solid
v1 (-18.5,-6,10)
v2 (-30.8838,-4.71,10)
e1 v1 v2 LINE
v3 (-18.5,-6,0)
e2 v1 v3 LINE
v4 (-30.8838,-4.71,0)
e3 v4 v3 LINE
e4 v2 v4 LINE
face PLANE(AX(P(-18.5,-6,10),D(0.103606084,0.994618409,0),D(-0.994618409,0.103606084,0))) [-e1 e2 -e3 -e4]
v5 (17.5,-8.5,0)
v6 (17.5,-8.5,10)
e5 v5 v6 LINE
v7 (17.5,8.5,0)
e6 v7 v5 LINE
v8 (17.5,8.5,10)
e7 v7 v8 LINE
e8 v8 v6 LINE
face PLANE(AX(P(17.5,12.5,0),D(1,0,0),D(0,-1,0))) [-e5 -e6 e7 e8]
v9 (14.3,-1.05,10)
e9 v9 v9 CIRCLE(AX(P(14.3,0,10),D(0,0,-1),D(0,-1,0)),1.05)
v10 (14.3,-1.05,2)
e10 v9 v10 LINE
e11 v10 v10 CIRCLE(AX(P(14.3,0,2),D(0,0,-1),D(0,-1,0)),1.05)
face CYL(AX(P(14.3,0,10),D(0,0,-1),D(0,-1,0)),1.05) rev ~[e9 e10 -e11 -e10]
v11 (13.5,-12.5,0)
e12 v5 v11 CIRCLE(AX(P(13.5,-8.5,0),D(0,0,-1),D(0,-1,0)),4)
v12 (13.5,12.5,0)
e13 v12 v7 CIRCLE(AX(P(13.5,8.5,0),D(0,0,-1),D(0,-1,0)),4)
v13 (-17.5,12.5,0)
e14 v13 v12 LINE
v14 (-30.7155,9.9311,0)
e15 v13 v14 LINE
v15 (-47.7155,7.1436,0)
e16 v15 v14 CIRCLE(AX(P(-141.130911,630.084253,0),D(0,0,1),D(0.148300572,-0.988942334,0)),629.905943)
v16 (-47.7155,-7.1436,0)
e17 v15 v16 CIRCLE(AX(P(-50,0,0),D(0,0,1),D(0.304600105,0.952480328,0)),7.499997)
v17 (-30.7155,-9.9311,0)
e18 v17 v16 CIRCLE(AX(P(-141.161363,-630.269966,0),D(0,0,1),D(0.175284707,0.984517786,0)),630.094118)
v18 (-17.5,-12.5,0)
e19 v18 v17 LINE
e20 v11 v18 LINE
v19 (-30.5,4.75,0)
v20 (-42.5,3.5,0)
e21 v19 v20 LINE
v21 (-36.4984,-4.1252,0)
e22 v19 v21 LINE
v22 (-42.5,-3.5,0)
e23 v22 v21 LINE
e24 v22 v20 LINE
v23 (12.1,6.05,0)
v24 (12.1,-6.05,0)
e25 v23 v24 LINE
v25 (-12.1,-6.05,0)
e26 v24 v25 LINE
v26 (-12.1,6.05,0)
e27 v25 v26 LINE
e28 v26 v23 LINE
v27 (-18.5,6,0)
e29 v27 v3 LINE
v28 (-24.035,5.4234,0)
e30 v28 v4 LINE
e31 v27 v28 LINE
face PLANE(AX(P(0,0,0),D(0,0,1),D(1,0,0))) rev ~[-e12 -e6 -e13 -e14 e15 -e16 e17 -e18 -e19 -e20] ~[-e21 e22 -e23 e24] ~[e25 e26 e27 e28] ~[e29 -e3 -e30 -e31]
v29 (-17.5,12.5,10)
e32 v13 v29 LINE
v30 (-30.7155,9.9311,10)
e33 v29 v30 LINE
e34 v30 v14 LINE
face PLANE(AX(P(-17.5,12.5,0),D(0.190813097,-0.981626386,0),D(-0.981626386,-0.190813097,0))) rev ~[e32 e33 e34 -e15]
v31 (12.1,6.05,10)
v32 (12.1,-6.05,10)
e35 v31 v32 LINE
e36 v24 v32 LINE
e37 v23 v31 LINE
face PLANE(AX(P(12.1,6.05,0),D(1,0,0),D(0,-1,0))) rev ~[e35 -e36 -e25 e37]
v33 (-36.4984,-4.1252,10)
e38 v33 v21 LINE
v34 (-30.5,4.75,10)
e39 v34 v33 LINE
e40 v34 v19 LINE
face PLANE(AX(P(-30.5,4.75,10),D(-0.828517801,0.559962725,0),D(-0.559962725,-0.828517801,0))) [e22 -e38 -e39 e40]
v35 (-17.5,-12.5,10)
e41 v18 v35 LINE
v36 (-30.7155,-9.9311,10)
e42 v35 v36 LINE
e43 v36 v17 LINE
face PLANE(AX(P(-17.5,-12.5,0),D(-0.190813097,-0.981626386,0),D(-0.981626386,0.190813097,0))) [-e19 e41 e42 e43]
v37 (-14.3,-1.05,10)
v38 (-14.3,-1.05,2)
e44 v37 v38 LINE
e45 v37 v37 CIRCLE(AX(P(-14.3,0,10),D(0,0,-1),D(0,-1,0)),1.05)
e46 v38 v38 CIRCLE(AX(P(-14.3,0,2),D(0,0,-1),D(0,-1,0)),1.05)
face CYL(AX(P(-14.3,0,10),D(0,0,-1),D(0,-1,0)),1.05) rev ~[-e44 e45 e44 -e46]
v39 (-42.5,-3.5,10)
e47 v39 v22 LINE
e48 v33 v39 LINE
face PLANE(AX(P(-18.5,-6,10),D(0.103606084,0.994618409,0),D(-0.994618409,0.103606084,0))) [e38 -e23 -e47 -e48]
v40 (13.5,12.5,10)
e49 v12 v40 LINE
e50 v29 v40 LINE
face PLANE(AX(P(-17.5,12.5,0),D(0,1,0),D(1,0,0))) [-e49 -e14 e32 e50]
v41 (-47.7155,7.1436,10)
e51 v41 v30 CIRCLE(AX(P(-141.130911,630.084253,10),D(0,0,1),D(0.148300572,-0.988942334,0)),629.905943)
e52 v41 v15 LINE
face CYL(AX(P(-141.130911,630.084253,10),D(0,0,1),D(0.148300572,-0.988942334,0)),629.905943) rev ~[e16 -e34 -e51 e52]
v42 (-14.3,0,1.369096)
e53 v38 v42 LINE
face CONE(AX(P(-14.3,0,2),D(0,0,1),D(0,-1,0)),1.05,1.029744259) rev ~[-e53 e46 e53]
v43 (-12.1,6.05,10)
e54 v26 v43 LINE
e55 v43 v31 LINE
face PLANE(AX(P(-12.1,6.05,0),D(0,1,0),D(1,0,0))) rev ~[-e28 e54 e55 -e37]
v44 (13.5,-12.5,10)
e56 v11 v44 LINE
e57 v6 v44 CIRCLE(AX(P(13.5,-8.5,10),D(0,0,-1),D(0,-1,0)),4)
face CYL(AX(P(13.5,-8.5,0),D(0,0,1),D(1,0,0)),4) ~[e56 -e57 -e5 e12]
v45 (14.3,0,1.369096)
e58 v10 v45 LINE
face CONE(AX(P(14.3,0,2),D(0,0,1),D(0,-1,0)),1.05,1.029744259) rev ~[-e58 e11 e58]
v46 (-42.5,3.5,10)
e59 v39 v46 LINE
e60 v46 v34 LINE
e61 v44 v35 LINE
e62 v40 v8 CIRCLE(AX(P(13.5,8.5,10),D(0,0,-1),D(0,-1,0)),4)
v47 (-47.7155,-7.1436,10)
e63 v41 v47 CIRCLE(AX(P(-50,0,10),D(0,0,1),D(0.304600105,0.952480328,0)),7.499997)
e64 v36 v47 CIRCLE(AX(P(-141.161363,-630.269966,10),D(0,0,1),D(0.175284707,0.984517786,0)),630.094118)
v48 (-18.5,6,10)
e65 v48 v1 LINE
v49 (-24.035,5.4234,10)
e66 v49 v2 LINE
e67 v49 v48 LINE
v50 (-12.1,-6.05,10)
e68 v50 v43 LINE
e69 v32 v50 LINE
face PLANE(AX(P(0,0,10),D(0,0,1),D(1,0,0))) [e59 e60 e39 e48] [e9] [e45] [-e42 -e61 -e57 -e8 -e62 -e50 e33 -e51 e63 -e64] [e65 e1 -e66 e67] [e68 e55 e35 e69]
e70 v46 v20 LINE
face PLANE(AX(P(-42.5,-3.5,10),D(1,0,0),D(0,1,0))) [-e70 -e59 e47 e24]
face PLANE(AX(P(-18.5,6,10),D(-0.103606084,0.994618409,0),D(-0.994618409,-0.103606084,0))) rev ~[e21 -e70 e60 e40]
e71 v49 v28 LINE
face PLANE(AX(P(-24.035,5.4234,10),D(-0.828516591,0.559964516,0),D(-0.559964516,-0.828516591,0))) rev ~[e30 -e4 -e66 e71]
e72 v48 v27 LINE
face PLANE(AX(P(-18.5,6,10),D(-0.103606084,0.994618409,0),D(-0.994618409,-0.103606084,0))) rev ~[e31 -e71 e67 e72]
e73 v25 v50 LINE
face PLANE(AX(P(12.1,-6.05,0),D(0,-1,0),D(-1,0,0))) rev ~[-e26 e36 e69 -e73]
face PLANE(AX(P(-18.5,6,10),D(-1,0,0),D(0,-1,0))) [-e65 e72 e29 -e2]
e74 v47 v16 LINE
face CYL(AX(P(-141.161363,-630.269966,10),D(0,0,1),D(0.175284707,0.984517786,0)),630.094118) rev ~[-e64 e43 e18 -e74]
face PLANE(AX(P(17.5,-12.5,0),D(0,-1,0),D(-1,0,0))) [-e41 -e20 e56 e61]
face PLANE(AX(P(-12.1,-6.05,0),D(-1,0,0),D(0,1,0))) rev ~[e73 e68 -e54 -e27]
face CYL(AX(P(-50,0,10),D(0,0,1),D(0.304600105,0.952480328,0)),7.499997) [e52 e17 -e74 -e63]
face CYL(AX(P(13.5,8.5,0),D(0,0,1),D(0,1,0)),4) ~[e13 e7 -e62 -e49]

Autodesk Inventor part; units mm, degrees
ref_plane "YZ Plane" through (0, 0, 0) normal (1, 0, 0) x (0, 1, 0)
ref_plane "XZ Plane" through (0, 0, 0) normal (0, 1, 0) x (-1, 0, 0)
ref_plane "XY Plane" through (0, 0, 0) normal (0, 0, 1) x (1, 0, 0)
sketch "Sketch1" plane through (0, 0, 0) normal (0, 0, 1) x (1, 0, 0)
  line L0 (-12.1, 6.05) -> (12.1, 6.05)
  line L1 (12.1, 6.05) -> (12.1, -6.05)
  line L2 (12.1, -6.05) -> (-12.1, -6.05)
  line L3 (-12.1, -6.05) -> (-12.1, 6.05)
  line L4 (-12.1, 6.05) -> (12.1, -6.05) construction
  line L5 (12.1, 6.05) -> (-12.1, -6.05) construction
  line L6 (-17.5, 12.5) -> (17.5, 12.5)
  line L7 (17.5, 12.5) -> (17.5, -12.5)
  line L8 (17.5, -12.5) -> (-17.5, -12.5)
  line L9 (-17.5, 12.5) -> (17.5, -12.5) construction
  line L10 (17.5, 12.5) -> (-17.5, -12.5) construction
  arc A0 (-43.9311, 7.3622) -> (-43.9311, -7.3622) centre (-42.5, 0) ccw
  line L11 (-17.5, 12.5) -> (-43.9311, 7.3622)
  line L12 (-17.5, -12.5) -> (-43.9311, -7.3622)
  point P0 (0, 0)
  point P1 (17.5, 0)
  dimension "d0" = 24.2
  dimension "d1" = 12.1
  dimension "d2" = 35
  dimension "d3" = 25
  dimension "d4" = 15
  dimension "d5" = 60
extrude "Extrusion1" add sketch "Sketch1" along normal blind 10
fillet "Fillet1" radius 4 2 edges at (17.5, 12.5, 5) (17.5, -12.5, 5)
sketch "Sketch2" plane through (0, 0, 10) normal (0, 0, 1) x (1, 0, 0)
  line L0 (12.1, 6.05) -> (12.1, -6.05) projected
  line L1 (-12.1, -6.05) -> (-12.1, 6.05) projected
  point P0 (0, 0)
  point P1 (14.3, 0)
  point P2 (-14.3, 0)
  dimension "d16" = 2.2
  dimension "d17" = 2.2
hole "Hole1" at (14.3, 0, 10) at (-14.3, 0, 10) direction (0, 0, -1) diameter 2.1 depth 8 tip angle 118
sketch "Sketch3" plane through (0, 0, 10) normal (0, 0, 1) x (1, 0, 0)
  line L0 (-18.5, 6) -> (-42.5, 3.5)
  line L1 (-18.5, -6) -> (-42.5, -3.5)
  line L2 (-42.5, -3.5) -> (-42.5, 3.5)
  line L3 (-42.5, 0) -> (-11.6221, -28.1421) construction
  line L4 (-30.5, 4.75) -> (-30.5, -4.75) construction
  arc A0 (-43.9311, 7.3622) -> (-43.9311, -7.3622) centre (-42.5, 0) ccw construction
  line L5 (-12.1, -6.05) -> (-12.1, 6.05) projected
  line L6 (-18.5, 6) -> (-18.5, -6)
  line L7 (-24.035, 5.4234) -> (-30.8838, -4.71)
  line L8 (-30.5, 4.75) -> (-36.4984, -4.1252)
  point P0 (0, 0)
  point P1 (-12.1, 0)
  point P2 (-12.1, 0)
  dimension "d27" = 7
  dimension "d31" = 24
  dimension "d32" = 6.5
  dimension "d33" = 12
  dimension "d34" = 50
  dimension "d35" = 50
extrude "Extrusion2" cut sketch "Sketch3" against normal blind 10
extrude "Extrusion3" add sketch "Sketch3" against normal blind 10 contours L7 L1 L8 L0
sketch "Sketch4" plane through (0, 0, 10) normal (0, 0, 1) x (1, 0, 0)
  arc A0 (-43.9311, 7.3622) -> (-43.9311, -7.3622) centre (-42.5, 0) ccw projected
  arc A1 (-47.7155, 7.1436) -> (-47.7155, -7.1436) centre (-50, 0) ccw
  line L0 (-17.5, 12.5) -> (-43.9311, 7.3622) projected
  arc A2 (-47.7155, 7.1436) -> (-30.7155, 9.9311) centre (-141.1455, 630.1772) ccw
  line L1 (-43.9311, -7.3622) -> (-17.5, -12.5) projected
  arc A3 (-30.7155, -9.9311) -> (-47.7155, -7.1436) centre (-141.1455, -630.1772) ccw
  line L2 (-18.5, 6) -> (-18.5, -6) projected
  point P0 (0, 0)
  point P1 (-18.5, 0)
  point P2 (-50, 0)
  dimension "d38" = 7.5
  dimension "d39" = 630
  dimension "d40" = 17
extrude "Extrusion4" add sketch "Sketch4" against normal blind 10
properties part number "pata_inferior_v3"
